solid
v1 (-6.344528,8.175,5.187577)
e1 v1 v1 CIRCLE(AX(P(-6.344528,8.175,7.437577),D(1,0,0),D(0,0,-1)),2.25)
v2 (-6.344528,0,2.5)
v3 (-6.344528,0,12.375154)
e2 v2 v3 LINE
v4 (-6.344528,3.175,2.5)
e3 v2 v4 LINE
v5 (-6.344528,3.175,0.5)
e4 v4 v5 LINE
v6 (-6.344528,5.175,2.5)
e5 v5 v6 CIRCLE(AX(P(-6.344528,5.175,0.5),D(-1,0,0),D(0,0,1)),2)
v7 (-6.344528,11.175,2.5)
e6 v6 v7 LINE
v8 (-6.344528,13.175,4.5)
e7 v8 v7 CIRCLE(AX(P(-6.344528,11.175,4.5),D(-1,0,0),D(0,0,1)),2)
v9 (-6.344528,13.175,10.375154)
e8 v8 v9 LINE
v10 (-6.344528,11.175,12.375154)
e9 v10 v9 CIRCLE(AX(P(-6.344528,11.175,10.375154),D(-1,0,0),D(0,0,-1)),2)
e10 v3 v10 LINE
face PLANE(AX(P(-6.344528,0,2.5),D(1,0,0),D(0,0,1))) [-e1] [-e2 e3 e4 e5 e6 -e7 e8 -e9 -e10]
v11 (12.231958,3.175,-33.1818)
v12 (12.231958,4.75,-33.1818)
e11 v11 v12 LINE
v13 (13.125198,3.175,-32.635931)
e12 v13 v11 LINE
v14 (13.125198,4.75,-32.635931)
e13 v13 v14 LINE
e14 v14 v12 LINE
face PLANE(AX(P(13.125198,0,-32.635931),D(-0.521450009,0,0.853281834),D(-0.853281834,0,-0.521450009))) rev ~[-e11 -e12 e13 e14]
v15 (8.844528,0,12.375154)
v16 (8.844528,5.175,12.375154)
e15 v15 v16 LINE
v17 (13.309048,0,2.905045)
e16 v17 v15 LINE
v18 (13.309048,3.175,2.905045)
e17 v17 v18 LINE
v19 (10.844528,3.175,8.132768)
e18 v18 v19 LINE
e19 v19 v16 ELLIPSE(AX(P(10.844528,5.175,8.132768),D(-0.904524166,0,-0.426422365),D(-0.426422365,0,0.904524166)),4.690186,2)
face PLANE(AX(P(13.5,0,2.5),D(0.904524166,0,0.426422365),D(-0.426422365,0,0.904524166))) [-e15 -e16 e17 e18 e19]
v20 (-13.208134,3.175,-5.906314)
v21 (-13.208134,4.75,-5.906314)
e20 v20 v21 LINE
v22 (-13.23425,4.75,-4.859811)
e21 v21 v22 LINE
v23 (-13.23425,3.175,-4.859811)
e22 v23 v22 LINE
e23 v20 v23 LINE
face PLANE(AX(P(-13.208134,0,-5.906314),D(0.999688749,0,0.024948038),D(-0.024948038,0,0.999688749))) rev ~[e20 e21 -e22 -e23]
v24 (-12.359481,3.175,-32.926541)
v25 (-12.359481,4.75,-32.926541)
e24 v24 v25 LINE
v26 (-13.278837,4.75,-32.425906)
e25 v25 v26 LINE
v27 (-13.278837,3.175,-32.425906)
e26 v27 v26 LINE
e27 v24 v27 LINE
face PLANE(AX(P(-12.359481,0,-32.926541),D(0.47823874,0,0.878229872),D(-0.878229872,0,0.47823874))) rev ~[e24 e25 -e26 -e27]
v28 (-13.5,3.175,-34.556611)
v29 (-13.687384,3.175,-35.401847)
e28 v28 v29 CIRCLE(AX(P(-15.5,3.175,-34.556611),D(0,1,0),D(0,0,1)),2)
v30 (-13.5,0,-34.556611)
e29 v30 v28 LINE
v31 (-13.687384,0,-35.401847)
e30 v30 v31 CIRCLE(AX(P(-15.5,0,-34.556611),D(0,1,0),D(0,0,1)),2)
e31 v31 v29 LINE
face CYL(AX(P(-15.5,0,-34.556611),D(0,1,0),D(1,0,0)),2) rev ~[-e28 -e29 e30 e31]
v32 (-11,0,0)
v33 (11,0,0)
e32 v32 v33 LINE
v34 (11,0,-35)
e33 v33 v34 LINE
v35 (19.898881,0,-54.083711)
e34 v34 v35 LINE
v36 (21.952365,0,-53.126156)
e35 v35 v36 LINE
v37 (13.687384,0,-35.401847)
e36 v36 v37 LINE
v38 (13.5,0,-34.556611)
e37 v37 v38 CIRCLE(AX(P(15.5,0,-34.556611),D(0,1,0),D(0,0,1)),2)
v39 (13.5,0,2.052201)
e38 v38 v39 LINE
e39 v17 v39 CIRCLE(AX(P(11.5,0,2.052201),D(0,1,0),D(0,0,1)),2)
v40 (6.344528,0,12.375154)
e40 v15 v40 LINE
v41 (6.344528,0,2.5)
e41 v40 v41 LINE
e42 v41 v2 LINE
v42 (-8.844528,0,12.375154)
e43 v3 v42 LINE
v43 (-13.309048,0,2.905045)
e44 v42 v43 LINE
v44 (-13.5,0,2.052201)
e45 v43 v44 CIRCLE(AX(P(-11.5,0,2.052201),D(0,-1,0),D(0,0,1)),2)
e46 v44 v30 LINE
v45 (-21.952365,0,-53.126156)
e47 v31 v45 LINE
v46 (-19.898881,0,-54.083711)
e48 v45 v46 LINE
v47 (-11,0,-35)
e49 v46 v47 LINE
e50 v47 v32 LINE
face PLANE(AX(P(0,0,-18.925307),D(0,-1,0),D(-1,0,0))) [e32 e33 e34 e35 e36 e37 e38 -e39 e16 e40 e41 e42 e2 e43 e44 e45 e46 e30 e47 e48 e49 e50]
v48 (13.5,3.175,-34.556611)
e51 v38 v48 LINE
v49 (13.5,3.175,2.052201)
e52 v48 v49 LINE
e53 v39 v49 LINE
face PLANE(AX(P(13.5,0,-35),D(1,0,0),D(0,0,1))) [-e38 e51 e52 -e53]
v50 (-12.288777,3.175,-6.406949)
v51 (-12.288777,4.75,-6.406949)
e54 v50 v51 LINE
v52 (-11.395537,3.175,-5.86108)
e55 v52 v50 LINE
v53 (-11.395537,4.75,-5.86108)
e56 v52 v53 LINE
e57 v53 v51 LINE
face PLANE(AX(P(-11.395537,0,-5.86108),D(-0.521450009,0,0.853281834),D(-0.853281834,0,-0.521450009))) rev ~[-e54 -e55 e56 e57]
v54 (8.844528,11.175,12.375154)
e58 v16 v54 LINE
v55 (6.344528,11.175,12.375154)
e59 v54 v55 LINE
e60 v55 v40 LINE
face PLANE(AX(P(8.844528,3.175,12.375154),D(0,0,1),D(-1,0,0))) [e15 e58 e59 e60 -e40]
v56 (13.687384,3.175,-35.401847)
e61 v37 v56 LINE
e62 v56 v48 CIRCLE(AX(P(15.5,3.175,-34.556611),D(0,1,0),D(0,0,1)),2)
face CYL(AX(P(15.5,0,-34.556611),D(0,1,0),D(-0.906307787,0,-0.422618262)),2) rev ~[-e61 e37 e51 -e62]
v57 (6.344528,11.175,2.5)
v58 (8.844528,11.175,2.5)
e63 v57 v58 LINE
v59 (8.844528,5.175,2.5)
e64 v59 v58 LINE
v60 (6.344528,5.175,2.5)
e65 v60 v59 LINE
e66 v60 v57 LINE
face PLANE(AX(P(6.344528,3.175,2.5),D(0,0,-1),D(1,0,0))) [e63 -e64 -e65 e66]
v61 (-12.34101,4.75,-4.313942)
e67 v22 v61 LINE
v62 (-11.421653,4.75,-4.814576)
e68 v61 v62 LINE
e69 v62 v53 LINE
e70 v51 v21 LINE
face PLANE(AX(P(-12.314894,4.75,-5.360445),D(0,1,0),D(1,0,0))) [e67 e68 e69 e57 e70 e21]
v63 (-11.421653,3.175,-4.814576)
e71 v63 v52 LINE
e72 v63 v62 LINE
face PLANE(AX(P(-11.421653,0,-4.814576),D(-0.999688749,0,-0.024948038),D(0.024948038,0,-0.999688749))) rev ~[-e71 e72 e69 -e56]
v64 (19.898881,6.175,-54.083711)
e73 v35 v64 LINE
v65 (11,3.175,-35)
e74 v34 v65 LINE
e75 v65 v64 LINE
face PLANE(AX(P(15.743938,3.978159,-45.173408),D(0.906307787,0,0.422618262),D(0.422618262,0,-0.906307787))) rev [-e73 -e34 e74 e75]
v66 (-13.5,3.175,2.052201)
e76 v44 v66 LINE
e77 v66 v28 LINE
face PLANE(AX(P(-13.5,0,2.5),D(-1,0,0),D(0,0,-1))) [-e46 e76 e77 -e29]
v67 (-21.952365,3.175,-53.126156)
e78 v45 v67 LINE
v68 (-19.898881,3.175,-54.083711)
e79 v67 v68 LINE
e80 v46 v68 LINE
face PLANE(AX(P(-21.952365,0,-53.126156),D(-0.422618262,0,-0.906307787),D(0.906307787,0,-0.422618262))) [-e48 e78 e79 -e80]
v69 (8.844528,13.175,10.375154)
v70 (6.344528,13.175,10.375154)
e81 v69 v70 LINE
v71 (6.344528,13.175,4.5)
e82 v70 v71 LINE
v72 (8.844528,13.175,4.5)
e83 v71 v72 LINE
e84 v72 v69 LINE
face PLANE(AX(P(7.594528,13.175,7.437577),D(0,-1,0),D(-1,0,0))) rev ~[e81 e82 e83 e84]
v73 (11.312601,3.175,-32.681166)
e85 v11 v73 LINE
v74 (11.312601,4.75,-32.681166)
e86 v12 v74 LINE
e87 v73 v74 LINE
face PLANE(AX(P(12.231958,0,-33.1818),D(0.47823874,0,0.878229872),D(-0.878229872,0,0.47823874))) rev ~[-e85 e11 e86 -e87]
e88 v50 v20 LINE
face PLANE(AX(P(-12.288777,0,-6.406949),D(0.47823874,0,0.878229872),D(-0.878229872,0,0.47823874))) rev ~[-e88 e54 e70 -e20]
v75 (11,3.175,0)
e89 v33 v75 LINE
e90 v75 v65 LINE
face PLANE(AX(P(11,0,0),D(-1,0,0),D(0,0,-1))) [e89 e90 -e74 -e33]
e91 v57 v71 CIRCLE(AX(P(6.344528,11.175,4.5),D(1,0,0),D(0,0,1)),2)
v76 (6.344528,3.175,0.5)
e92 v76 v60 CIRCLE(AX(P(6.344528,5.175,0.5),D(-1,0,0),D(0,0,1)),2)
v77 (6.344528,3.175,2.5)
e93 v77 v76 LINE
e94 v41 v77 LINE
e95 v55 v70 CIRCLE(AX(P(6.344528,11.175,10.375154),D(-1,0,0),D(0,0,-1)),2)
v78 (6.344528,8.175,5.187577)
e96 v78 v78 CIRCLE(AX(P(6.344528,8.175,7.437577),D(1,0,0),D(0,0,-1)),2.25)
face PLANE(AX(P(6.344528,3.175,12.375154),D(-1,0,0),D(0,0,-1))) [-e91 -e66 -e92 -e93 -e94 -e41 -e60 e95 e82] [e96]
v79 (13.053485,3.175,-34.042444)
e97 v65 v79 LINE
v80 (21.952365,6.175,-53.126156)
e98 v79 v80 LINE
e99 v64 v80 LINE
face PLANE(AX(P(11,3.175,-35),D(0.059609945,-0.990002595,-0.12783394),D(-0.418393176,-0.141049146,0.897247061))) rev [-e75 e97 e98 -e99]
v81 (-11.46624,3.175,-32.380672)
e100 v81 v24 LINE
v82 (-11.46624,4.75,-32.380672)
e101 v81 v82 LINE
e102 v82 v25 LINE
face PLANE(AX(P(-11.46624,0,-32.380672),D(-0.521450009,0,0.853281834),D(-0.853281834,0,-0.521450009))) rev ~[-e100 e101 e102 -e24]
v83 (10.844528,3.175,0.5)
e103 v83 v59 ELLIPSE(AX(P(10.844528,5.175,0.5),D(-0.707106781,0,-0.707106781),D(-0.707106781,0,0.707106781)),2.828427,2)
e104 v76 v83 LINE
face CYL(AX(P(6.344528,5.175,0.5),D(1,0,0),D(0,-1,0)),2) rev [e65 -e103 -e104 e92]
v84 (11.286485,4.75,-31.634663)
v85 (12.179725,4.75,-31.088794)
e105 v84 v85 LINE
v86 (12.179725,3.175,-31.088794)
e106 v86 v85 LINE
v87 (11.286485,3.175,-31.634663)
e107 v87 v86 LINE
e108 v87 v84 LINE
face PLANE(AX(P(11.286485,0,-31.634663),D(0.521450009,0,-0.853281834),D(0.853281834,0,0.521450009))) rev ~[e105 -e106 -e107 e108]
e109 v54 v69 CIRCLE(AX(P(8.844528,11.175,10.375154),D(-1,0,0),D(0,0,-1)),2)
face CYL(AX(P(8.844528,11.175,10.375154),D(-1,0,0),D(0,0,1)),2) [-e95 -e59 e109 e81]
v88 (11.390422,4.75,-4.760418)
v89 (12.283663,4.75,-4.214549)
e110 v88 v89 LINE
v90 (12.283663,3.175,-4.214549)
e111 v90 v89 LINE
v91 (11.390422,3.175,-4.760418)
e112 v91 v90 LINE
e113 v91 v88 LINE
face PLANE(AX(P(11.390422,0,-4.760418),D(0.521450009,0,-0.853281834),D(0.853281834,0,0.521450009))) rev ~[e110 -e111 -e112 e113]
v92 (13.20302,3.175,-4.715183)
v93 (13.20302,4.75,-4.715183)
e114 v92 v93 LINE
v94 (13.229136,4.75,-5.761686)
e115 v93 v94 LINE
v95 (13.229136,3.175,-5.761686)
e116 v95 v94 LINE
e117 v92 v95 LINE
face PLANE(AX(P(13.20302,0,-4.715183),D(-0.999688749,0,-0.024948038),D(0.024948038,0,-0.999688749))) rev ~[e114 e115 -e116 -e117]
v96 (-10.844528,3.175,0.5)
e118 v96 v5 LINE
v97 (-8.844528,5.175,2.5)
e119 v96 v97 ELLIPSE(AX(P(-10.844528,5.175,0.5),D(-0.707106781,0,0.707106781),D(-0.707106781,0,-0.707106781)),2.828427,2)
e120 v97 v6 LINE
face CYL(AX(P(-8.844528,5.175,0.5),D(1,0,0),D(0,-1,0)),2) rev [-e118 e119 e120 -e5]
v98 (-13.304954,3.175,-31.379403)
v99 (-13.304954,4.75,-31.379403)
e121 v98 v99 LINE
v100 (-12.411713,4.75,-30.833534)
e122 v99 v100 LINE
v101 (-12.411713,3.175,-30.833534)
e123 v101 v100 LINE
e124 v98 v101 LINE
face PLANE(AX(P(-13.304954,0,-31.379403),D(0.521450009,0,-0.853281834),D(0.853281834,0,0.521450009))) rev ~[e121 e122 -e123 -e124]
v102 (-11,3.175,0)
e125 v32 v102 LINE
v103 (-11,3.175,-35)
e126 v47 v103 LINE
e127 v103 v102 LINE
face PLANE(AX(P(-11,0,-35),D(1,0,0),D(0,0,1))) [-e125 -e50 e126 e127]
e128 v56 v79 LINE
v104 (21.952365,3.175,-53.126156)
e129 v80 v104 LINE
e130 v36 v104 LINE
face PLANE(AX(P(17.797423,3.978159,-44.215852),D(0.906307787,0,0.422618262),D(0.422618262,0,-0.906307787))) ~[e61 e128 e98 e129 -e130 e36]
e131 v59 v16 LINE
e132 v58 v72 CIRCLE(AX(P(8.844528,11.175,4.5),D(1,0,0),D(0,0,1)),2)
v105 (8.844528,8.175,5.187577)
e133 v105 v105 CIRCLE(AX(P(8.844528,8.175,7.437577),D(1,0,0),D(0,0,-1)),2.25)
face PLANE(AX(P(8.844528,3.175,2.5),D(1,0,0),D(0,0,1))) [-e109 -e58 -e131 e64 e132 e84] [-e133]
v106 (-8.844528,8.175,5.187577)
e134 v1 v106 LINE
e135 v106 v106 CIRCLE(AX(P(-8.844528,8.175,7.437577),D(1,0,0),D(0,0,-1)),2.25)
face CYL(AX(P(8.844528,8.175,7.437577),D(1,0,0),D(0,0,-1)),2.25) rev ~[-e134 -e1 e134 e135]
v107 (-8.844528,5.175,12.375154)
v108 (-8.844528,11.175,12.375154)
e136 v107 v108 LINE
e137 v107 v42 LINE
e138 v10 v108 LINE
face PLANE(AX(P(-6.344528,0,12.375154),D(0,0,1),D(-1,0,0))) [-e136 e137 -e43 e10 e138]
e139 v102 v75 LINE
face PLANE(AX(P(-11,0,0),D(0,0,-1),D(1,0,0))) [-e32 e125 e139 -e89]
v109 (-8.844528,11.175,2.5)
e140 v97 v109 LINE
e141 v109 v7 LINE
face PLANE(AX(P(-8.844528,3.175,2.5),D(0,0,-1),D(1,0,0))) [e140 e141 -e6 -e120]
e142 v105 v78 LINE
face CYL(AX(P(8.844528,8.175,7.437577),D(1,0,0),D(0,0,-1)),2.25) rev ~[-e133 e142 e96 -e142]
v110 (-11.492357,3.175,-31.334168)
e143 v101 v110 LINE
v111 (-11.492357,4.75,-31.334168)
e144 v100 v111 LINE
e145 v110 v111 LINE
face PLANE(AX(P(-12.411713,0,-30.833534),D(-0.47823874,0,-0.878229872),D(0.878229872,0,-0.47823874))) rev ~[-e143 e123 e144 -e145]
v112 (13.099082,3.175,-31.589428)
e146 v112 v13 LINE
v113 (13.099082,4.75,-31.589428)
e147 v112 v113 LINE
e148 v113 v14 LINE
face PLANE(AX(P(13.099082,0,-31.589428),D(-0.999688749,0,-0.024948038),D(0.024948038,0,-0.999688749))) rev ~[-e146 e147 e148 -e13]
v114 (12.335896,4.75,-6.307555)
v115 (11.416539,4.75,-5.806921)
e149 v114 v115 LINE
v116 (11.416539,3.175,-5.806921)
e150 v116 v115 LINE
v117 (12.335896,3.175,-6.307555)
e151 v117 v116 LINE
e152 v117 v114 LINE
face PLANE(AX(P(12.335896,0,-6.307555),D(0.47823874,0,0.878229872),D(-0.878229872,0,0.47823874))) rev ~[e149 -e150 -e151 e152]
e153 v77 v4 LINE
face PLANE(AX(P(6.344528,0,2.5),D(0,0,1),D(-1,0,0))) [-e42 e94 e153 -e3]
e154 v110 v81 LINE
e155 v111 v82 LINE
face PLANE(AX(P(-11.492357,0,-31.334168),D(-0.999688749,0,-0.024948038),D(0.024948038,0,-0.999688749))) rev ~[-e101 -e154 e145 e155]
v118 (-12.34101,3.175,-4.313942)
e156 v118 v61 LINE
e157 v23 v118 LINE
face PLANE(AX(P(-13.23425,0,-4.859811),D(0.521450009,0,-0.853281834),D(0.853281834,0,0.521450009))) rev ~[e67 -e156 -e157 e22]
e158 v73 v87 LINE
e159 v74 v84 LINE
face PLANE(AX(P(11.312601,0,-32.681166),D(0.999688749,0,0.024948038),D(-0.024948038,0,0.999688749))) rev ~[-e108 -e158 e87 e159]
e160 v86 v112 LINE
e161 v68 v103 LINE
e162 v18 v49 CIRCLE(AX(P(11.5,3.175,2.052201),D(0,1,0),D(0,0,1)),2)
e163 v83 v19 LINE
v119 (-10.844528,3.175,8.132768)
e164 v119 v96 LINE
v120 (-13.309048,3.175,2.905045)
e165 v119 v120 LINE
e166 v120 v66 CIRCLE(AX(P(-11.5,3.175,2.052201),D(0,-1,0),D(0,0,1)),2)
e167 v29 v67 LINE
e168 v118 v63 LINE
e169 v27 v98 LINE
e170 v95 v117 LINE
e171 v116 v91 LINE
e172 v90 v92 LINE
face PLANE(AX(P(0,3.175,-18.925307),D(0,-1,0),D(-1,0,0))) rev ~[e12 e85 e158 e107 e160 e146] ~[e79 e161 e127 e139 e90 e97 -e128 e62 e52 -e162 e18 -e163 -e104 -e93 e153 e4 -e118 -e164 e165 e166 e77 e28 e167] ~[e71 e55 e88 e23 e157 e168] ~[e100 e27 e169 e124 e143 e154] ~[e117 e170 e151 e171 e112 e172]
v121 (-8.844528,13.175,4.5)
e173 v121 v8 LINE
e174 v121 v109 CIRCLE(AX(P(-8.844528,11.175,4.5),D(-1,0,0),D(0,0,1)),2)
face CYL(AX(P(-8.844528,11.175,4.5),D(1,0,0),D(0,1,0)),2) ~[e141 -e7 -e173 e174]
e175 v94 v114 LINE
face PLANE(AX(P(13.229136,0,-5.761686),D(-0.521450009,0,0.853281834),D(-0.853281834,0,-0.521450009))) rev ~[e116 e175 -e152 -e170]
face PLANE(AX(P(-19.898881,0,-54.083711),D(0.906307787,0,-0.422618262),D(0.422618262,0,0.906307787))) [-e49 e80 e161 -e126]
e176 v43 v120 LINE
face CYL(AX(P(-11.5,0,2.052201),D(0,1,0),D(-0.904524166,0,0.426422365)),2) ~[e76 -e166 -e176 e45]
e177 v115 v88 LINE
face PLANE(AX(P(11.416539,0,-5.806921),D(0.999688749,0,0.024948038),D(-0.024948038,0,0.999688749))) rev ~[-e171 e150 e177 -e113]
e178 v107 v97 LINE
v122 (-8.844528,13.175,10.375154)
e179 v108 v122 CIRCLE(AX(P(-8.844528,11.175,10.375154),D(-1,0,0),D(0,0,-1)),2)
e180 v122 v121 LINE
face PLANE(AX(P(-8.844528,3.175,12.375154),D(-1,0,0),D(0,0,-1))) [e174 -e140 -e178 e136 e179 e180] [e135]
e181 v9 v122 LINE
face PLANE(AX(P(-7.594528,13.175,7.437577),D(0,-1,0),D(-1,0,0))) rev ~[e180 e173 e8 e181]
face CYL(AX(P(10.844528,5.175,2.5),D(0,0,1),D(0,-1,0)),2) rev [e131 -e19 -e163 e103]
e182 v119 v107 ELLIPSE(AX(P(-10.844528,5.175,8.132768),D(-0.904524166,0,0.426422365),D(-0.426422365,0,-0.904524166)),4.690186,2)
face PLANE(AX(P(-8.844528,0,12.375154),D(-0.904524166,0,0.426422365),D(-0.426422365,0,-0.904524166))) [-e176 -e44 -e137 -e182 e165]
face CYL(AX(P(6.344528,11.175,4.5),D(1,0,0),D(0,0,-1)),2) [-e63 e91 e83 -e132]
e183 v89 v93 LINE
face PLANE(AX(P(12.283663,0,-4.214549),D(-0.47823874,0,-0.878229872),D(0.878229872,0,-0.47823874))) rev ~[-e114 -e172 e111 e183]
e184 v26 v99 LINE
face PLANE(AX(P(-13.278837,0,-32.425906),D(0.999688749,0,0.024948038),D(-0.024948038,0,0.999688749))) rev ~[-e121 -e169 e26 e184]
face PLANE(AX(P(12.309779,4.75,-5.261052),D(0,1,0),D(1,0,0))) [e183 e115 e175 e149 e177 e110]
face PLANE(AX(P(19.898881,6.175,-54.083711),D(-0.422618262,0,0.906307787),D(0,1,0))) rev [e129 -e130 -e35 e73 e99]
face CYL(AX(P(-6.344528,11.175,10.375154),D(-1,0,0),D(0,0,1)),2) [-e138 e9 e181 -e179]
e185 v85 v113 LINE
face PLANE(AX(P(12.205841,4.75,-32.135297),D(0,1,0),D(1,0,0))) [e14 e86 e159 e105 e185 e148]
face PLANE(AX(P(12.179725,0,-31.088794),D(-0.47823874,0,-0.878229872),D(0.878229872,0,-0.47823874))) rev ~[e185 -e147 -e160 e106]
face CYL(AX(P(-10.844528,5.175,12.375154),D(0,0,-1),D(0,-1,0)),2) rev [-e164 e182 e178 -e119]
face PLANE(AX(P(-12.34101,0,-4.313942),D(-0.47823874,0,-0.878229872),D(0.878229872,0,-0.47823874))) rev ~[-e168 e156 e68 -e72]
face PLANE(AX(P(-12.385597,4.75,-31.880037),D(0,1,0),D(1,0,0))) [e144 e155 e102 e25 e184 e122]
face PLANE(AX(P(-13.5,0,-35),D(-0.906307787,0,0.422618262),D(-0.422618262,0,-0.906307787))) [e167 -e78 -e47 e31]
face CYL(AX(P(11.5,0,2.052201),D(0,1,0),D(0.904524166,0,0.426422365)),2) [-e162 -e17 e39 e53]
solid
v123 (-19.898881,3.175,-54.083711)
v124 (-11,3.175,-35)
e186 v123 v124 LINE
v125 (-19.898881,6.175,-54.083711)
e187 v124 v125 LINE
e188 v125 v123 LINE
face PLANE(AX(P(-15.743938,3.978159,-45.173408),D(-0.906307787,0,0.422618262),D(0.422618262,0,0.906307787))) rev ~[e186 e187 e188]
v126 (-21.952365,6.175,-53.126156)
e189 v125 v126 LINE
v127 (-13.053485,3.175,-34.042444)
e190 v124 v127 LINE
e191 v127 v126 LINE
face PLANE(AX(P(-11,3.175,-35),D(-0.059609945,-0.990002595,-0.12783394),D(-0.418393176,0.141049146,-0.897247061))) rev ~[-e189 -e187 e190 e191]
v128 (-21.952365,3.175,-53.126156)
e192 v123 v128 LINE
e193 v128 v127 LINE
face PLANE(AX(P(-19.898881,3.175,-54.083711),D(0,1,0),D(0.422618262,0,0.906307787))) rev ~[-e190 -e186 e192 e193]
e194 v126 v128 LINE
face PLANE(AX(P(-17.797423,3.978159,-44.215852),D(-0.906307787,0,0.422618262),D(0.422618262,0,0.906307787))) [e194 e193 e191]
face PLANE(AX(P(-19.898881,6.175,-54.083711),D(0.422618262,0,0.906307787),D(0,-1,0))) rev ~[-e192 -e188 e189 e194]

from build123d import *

# Parameters (mm, degrees)
BOSS_EXTRUDE1_DEPTH = 3.175
BOSS_EXTRUDE2_DEPTH = 2.265769468
BOSS_EXTRUDE3_DEPTH = 10
FILLET1_R           = 2
BOSS_EXTRUDE4_DEPTH = 4.75
SKETCH4_R           = 2.2500000000000018
CUT_EXTRUDE1_DEPTH  = 18.5


with BuildPart() as part:
    # Sketch1 → Boss-Extrude1 (new body)
    with BuildSketch(Plane(origin=(0, 0, 0), x_dir=(1, 0, 0), z_dir=(0, 1, 0))):
        Polygon((11, 0), (11.000000000000009, 35), (19.89888072270586, 54.08371129463171), (21.952365234814028, 53.12615574073299), (13.500000000000009, 35), (13.500000000000005, -2.5), (8.844528392438283, -12.375154125673141), (6.344528392438283, -12.375154125673143), (6.344528392438281, -2.5), (-6.344528392438281, -2.5), (-6.344528392438283, -12.375154125673143), (-8.844528392438283, -12.375154125673141), (-13.500000000000005, -2.5), (-13.500000000000009, 35), (-21.952365234814028, 53.12615574073299), (-19.89888072270586, 54.08371129463171), (-11.000000000000009, 35), (-11, 0), align=None)
        Polygon((13.099081592546982, 31.589427960182903), (13.12519792775817, 32.635931348947494), (12.231957575547105, 33.18180045307645), (11.312600888124857, 32.68116616844078), (11.286484552913668, 31.634662779676173), (12.179724905124731, 31.08879367554723), align=None, mode=Mode.SUBTRACT)
        Polygon((-11.492356645788318, 31.334168150139266), (-11.466240310577122, 32.38067153890387), (-12.359480662788181, 32.926540643032816), (-13.278837350210425, 32.425906358397164), (-13.30495368542162, 31.379402969632554), (-12.411713333210562, 30.833533865503608), align=None, mode=Mode.SUBTRACT)
        Polygon((-11.421653218284588, 4.814576152050829), (-11.395536883073392, 5.861079540815429), (-12.288777235284451, 6.406948644944381), (-13.208133922706695, 5.906314360308727), (-13.23425025791789, 4.859810971544119), (-12.341009905706835, 4.313941867415173), align=None, mode=Mode.SUBTRACT)
        Polygon((13.203019518788883, 4.715182951572258), (13.229135854000079, 5.761686340336858), (12.335895501789022, 6.307555444465811), (11.416538814366778, 5.806921159830155), (11.390422479155582, 4.760417771065549), (12.283662831366636, 4.214548666936603), align=None, mode=Mode.SUBTRACT)
    extrude(amount=BOSS_EXTRUDE1_DEPTH)


with BuildPart() as body_2:
    # Sketch2 → Boss-Extrude2 (new body)
    with BuildSketch(Plane(origin=(4.370445901306202, 0, -2.0379723933312173), x_dir=(-0.42261826174070105, 0, -0.9063077870366492), z_dir=(0.9063077870366493, 0, -0.4226182617407011))):
        Polygon((36.369573425430445, 3.175), (57.426119079782204, 6.175), (57.426119079782204, 3.175), align=None)
    boss_extrude2 = extrude(amount=-BOSS_EXTRUDE2_DEPTH)


with BuildPart() as part_1:
    add(part.part)

    # Mirror4: Boss-Extrude2 across plane
    add(boss_extrude2.mirror(Plane(origin=(0, 0, 0), x_dir=(0, 0, 1), z_dir=(1, 0, 0))))

    # Sketch3 → Boss-Extrude3 (add)
    with BuildSketch(Plane(origin=(0, 3.175, 0), x_dir=(1, 0, 0), z_dir=(0, 1, 0))):
        Polygon((8.844528392438283, -12.375154125673141), (6.344528392438281, -12.375154125673143), (6.344528392438281, -2.5), (8.844528392438283, -2.4999999999999996), align=None)
        Polygon((-8.844528392438283, -2.4999999999999996), (-6.344528392438281, -2.5), (-6.344528392438281, -12.375154125673143), (-8.844528392438283, -12.375154125673141), align=None)
    extrude(amount=BOSS_EXTRUDE3_DEPTH)

    # Fillet1
    fillet1_edges = [part_1.edges().sort_by_distance(p)[0] for p in [
        (8.844528392438283, 3.175, 7.437577062836571),
        (7.594528392438282, 3.175, 2.5),
        (7.594528392438282, 13.175, 2.5),
        (7.594528392438282, 13.175, 12.375154125673141),
        (-8.844528392438283, 3.175, 7.437577062836571),
        (-7.594528392438282, 3.175, 2.4999999999999996),
        (-7.594528392438282, 13.175, 12.375154125673143),
        (-7.594528392438282, 13.175, 2.4999999999999996),
        (13.500000000000009, 1.5875, -35),
        (13.500000000000005, 1.5875, 2.5),
        (-13.500000000000005, 1.5875, 2.5),
        (-13.500000000000009, 1.5875, -35),
    ]]
    fillet(fillet1_edges, radius=FILLET1_R)

    # Sketch1<4> → Boss-Extrude4 (add)
    with BuildSketch(Plane(origin=(0, 0, 0), x_dir=(1, 0, 0), z_dir=(0, 1, 0))):
        Polygon((-13.30495368542162, 31.379402969632554), (-12.411713333210562, 30.833533865503608), (-11.492356645788318, 31.334168150139266), (-11.466240310577122, 32.38067153890387), (-12.359480662788181, 32.926540643032816), (-13.278837350210425, 32.425906358397164), align=None)
        Polygon((11.286484552913668, 31.634662779676173), (12.179724905124731, 31.08879367554723), (13.099081592546982, 31.589427960182903), (13.12519792775817, 32.635931348947494), (12.231957575547105, 33.18180045307645), (11.312600888124857, 32.68116616844078), align=None)
        Polygon((-11.421653218284588, 4.814576152050829), (-11.395536883073392, 5.861079540815429), (-12.288777235284451, 6.406948644944381), (-13.208133922706695, 5.906314360308727), (-13.23425025791789, 4.859810971544119), (-12.341009905706835, 4.313941867415173), align=None)
        Polygon((13.203019518788883, 4.715182951572258), (13.229135854000079, 5.761686340336858), (12.335895501789022, 6.307555444465811), (11.416538814366778, 5.806921159830155), (11.390422479155582, 4.760417771065549), (12.283662831366636, 4.214548666936603), align=None)
    extrude(amount=BOSS_EXTRUDE4_DEPTH)

    # Sketch4 → Cut-Extrude1 (cut)
    with BuildSketch(Plane(origin=(8.844528392438283, 0, 0), x_dir=(0, 0, -1), z_dir=(1, 0, 0))):
        with Locations((-7.437577062836571, 8.175)):
            Circle(SKETCH4_R)
    extrude(amount=-CUT_EXTRUDE1_DEPTH, mode=Mode.SUBTRACT)


solid = Compound([body_2.part, part_1.part])
